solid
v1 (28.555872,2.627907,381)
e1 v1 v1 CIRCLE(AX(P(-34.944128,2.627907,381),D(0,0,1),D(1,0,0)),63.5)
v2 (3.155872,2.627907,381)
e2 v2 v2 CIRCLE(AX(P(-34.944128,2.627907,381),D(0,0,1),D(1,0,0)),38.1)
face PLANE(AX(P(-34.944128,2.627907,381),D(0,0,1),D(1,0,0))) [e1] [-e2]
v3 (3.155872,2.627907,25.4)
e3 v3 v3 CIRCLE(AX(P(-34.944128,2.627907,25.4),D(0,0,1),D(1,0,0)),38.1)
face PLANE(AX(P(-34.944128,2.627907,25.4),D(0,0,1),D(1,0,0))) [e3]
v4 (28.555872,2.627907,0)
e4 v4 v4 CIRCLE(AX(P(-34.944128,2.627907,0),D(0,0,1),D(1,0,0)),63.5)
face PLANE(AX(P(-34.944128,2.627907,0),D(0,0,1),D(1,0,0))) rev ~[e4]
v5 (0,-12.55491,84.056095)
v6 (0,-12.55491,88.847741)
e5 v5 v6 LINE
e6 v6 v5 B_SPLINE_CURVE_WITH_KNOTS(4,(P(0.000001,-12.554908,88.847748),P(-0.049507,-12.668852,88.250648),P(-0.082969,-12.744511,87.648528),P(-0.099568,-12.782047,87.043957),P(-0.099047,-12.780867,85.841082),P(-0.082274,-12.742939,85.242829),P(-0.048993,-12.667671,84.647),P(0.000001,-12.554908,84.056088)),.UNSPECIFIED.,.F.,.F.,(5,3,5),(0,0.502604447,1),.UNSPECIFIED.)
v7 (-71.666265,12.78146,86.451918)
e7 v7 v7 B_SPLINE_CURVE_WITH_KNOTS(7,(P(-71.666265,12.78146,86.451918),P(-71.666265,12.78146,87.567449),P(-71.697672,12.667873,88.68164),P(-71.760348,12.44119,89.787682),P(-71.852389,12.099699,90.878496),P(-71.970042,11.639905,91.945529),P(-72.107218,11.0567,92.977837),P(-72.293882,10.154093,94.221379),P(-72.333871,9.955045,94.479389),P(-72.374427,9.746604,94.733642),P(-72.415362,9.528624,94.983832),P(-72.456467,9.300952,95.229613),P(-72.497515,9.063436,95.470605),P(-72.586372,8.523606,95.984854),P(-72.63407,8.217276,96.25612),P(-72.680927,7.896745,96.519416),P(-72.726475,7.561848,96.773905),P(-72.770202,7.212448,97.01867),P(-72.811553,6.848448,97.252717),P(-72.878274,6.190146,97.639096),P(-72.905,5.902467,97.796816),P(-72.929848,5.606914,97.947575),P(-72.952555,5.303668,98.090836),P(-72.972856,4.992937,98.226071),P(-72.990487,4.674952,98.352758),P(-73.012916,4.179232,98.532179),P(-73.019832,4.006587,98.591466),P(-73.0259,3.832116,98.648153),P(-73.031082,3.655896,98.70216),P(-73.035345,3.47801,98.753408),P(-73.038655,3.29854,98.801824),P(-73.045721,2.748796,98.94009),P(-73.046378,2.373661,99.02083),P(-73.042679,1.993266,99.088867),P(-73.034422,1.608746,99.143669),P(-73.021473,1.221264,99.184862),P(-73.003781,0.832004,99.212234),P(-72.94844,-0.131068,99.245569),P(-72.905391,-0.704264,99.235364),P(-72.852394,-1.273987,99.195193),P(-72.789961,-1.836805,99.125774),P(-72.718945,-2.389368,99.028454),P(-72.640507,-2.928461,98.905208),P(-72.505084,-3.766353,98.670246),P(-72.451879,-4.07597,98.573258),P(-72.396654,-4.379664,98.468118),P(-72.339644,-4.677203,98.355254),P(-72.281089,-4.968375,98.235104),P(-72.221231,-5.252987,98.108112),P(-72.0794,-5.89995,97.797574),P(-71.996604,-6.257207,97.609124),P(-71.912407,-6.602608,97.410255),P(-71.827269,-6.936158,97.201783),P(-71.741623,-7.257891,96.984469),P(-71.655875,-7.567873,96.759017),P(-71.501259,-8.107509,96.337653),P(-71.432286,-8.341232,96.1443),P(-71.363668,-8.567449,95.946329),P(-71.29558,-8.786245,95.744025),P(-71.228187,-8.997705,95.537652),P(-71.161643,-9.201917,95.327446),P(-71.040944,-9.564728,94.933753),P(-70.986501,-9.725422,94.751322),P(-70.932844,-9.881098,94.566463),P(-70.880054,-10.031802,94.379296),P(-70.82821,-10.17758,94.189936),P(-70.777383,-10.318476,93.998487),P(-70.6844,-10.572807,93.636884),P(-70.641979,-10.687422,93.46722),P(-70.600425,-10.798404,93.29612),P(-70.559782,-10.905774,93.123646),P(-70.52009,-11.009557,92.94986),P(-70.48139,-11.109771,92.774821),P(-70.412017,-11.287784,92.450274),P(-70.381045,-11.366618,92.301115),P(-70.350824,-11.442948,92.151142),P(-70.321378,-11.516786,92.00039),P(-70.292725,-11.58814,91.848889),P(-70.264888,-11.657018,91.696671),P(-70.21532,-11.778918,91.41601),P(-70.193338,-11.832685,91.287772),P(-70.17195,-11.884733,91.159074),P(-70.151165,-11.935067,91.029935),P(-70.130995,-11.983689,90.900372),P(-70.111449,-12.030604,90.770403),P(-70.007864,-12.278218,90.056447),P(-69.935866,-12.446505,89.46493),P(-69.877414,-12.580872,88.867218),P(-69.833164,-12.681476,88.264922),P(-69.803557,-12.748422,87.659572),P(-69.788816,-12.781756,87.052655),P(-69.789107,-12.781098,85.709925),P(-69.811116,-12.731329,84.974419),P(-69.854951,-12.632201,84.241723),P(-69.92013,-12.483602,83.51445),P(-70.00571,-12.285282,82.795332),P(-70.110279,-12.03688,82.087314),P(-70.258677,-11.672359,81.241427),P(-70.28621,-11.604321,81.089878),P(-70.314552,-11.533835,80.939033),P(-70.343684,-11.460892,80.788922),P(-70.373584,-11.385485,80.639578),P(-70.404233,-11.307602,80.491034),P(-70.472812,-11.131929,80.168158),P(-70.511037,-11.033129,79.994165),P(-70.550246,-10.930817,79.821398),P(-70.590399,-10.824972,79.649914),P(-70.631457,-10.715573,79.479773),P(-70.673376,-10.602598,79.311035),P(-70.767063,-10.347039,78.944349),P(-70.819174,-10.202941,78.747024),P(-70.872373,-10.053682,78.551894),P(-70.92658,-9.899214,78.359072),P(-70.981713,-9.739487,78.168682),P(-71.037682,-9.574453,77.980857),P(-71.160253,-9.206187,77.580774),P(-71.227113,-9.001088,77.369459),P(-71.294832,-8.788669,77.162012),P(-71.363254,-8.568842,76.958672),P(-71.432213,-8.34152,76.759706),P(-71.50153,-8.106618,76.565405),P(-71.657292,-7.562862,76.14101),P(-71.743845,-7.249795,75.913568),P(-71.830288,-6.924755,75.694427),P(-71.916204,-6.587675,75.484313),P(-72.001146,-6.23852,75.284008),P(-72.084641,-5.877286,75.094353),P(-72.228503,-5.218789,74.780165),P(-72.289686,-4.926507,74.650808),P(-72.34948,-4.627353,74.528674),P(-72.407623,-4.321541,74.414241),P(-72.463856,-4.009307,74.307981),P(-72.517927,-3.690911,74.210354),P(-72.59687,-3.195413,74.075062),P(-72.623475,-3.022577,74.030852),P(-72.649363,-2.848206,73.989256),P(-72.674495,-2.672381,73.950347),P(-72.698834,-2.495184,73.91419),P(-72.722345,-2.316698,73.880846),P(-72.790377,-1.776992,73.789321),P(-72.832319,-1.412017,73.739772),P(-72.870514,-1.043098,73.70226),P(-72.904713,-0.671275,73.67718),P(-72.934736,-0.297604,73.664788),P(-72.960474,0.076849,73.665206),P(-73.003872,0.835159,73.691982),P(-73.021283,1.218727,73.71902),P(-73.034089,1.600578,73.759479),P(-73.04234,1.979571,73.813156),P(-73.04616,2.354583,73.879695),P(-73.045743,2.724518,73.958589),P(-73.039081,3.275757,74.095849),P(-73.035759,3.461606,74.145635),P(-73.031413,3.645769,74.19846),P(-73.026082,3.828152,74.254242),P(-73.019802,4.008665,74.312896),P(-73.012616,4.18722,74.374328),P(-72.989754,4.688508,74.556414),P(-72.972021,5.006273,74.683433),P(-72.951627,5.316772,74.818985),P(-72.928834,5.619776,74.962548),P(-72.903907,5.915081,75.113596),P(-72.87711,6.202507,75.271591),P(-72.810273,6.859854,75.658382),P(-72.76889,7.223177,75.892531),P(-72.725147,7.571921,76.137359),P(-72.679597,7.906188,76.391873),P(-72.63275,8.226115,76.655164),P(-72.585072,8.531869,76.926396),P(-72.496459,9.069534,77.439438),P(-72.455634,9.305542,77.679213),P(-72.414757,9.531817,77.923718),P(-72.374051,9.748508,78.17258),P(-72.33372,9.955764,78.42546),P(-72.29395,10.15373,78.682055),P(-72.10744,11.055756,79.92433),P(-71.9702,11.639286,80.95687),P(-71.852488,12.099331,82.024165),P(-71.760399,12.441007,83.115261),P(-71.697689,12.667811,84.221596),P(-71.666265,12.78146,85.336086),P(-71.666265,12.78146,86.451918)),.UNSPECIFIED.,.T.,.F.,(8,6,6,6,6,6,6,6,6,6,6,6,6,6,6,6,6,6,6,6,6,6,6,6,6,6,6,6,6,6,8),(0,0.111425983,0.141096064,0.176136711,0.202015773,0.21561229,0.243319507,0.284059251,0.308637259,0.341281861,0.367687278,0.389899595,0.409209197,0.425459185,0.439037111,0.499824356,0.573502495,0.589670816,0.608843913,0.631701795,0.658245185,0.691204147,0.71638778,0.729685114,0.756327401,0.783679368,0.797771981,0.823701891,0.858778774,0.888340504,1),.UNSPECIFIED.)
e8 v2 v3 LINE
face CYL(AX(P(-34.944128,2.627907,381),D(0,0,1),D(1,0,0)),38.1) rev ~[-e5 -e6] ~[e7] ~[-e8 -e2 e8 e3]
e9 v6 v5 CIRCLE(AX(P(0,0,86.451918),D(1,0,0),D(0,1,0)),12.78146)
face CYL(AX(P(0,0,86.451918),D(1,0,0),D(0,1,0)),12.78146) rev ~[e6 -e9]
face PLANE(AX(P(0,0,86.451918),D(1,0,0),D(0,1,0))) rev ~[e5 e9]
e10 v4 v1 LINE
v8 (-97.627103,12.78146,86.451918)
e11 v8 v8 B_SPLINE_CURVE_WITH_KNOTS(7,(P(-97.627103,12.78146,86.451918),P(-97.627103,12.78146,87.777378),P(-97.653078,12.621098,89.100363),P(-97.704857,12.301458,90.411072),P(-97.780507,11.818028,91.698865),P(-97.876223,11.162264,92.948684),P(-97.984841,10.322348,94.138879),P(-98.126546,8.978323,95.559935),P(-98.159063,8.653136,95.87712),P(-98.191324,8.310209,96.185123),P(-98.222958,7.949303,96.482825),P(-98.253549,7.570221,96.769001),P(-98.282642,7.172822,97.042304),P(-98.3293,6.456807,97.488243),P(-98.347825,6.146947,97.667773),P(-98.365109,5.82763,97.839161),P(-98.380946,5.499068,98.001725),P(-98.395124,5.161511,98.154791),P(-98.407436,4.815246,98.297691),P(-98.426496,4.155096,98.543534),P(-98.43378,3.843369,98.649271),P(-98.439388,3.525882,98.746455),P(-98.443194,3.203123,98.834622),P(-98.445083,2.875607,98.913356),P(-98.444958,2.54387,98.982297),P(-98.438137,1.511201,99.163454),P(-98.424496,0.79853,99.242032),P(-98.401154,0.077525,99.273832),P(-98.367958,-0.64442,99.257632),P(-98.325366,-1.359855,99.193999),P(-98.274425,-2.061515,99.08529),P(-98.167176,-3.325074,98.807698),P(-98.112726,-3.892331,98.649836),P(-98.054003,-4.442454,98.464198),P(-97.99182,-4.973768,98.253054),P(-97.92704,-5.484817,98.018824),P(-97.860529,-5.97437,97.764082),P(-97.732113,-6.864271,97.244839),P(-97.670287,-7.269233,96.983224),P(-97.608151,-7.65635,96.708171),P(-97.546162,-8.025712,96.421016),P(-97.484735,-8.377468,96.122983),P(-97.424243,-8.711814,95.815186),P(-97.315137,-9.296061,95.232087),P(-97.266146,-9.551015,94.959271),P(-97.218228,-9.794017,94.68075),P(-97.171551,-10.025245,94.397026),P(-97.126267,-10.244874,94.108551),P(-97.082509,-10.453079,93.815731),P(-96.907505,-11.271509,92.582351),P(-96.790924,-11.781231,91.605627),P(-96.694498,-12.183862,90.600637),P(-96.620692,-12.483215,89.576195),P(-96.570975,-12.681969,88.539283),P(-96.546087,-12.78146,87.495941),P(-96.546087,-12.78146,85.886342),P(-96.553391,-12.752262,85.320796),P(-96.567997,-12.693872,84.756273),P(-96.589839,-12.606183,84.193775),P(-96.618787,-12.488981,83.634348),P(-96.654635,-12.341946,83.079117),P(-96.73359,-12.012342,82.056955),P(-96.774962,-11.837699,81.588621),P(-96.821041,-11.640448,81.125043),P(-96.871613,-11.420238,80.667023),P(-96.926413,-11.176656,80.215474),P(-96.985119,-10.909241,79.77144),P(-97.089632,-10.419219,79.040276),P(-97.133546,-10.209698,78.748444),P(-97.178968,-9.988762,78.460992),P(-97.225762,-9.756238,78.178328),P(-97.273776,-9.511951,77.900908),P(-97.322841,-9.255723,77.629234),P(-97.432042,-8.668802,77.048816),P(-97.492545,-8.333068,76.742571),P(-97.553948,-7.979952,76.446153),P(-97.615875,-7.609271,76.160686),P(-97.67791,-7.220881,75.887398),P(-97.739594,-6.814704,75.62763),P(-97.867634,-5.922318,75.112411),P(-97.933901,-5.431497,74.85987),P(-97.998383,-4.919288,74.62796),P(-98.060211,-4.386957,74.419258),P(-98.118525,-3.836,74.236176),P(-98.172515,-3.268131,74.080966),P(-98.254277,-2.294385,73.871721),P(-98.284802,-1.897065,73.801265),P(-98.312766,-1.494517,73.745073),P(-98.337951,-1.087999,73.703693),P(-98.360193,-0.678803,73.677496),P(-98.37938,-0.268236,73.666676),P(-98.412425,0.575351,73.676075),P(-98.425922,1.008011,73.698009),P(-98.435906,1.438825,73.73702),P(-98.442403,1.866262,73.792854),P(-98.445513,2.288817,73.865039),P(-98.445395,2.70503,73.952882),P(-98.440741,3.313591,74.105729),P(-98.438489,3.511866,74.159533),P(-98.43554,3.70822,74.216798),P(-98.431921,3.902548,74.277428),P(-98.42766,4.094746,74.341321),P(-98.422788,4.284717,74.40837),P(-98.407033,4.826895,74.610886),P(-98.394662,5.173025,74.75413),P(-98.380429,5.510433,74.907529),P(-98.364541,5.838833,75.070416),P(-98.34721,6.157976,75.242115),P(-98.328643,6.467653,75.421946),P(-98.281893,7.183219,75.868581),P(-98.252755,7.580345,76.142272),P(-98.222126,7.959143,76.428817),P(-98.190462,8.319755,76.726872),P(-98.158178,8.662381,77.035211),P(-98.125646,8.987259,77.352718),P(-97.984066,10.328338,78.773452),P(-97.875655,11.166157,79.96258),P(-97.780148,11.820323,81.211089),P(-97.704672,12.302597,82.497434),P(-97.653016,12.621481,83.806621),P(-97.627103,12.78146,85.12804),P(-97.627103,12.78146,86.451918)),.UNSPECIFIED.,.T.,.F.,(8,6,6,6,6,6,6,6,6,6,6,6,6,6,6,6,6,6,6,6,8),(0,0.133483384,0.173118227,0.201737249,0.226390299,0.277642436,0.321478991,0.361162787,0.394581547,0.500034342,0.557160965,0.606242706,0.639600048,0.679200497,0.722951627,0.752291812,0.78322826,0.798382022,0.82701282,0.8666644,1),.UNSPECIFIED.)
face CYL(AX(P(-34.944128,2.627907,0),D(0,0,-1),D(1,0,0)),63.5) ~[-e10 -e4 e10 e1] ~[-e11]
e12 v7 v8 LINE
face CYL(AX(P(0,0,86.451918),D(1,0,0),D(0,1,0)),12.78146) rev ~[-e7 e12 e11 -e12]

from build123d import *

# Parameters (mm, degrees)
F1_DEPTH = 381
F2_R     = 38.1
F3_DEPTH = 355.6
F4_R     = 12.78146
F5_DEPTH = 127


with BuildPart() as f1:
    # F0 (on Top) → F1 (new body)
    with BuildSketch(Plane.XY):
        with BuildLine():
            ThreePointArc((-98.444128, 2.627907), (-34.944128, -60.872093), (28.555872, 2.627907))
            ThreePointArc((28.555872, 2.627907), (-34.944128, 66.127907), (-98.444128, 2.627907))
        make_face()
    extrude(amount=F1_DEPTH)

    # F2 (on face) → F3 (cut)
    with BuildSketch(Plane.XY.offset(381)):
        with Locations((-34.944128, 2.627907)):
            Circle(F2_R)
    extrude(amount=-F3_DEPTH, mode=Mode.SUBTRACT)

    # F4 (on Right) → F5 (cut)
    with BuildSketch(Plane.YZ):
        with Locations((0, 86.451918)):
            Circle(F4_R)
    extrude(amount=-F5_DEPTH, mode=Mode.SUBTRACT)


solid = f1.part
